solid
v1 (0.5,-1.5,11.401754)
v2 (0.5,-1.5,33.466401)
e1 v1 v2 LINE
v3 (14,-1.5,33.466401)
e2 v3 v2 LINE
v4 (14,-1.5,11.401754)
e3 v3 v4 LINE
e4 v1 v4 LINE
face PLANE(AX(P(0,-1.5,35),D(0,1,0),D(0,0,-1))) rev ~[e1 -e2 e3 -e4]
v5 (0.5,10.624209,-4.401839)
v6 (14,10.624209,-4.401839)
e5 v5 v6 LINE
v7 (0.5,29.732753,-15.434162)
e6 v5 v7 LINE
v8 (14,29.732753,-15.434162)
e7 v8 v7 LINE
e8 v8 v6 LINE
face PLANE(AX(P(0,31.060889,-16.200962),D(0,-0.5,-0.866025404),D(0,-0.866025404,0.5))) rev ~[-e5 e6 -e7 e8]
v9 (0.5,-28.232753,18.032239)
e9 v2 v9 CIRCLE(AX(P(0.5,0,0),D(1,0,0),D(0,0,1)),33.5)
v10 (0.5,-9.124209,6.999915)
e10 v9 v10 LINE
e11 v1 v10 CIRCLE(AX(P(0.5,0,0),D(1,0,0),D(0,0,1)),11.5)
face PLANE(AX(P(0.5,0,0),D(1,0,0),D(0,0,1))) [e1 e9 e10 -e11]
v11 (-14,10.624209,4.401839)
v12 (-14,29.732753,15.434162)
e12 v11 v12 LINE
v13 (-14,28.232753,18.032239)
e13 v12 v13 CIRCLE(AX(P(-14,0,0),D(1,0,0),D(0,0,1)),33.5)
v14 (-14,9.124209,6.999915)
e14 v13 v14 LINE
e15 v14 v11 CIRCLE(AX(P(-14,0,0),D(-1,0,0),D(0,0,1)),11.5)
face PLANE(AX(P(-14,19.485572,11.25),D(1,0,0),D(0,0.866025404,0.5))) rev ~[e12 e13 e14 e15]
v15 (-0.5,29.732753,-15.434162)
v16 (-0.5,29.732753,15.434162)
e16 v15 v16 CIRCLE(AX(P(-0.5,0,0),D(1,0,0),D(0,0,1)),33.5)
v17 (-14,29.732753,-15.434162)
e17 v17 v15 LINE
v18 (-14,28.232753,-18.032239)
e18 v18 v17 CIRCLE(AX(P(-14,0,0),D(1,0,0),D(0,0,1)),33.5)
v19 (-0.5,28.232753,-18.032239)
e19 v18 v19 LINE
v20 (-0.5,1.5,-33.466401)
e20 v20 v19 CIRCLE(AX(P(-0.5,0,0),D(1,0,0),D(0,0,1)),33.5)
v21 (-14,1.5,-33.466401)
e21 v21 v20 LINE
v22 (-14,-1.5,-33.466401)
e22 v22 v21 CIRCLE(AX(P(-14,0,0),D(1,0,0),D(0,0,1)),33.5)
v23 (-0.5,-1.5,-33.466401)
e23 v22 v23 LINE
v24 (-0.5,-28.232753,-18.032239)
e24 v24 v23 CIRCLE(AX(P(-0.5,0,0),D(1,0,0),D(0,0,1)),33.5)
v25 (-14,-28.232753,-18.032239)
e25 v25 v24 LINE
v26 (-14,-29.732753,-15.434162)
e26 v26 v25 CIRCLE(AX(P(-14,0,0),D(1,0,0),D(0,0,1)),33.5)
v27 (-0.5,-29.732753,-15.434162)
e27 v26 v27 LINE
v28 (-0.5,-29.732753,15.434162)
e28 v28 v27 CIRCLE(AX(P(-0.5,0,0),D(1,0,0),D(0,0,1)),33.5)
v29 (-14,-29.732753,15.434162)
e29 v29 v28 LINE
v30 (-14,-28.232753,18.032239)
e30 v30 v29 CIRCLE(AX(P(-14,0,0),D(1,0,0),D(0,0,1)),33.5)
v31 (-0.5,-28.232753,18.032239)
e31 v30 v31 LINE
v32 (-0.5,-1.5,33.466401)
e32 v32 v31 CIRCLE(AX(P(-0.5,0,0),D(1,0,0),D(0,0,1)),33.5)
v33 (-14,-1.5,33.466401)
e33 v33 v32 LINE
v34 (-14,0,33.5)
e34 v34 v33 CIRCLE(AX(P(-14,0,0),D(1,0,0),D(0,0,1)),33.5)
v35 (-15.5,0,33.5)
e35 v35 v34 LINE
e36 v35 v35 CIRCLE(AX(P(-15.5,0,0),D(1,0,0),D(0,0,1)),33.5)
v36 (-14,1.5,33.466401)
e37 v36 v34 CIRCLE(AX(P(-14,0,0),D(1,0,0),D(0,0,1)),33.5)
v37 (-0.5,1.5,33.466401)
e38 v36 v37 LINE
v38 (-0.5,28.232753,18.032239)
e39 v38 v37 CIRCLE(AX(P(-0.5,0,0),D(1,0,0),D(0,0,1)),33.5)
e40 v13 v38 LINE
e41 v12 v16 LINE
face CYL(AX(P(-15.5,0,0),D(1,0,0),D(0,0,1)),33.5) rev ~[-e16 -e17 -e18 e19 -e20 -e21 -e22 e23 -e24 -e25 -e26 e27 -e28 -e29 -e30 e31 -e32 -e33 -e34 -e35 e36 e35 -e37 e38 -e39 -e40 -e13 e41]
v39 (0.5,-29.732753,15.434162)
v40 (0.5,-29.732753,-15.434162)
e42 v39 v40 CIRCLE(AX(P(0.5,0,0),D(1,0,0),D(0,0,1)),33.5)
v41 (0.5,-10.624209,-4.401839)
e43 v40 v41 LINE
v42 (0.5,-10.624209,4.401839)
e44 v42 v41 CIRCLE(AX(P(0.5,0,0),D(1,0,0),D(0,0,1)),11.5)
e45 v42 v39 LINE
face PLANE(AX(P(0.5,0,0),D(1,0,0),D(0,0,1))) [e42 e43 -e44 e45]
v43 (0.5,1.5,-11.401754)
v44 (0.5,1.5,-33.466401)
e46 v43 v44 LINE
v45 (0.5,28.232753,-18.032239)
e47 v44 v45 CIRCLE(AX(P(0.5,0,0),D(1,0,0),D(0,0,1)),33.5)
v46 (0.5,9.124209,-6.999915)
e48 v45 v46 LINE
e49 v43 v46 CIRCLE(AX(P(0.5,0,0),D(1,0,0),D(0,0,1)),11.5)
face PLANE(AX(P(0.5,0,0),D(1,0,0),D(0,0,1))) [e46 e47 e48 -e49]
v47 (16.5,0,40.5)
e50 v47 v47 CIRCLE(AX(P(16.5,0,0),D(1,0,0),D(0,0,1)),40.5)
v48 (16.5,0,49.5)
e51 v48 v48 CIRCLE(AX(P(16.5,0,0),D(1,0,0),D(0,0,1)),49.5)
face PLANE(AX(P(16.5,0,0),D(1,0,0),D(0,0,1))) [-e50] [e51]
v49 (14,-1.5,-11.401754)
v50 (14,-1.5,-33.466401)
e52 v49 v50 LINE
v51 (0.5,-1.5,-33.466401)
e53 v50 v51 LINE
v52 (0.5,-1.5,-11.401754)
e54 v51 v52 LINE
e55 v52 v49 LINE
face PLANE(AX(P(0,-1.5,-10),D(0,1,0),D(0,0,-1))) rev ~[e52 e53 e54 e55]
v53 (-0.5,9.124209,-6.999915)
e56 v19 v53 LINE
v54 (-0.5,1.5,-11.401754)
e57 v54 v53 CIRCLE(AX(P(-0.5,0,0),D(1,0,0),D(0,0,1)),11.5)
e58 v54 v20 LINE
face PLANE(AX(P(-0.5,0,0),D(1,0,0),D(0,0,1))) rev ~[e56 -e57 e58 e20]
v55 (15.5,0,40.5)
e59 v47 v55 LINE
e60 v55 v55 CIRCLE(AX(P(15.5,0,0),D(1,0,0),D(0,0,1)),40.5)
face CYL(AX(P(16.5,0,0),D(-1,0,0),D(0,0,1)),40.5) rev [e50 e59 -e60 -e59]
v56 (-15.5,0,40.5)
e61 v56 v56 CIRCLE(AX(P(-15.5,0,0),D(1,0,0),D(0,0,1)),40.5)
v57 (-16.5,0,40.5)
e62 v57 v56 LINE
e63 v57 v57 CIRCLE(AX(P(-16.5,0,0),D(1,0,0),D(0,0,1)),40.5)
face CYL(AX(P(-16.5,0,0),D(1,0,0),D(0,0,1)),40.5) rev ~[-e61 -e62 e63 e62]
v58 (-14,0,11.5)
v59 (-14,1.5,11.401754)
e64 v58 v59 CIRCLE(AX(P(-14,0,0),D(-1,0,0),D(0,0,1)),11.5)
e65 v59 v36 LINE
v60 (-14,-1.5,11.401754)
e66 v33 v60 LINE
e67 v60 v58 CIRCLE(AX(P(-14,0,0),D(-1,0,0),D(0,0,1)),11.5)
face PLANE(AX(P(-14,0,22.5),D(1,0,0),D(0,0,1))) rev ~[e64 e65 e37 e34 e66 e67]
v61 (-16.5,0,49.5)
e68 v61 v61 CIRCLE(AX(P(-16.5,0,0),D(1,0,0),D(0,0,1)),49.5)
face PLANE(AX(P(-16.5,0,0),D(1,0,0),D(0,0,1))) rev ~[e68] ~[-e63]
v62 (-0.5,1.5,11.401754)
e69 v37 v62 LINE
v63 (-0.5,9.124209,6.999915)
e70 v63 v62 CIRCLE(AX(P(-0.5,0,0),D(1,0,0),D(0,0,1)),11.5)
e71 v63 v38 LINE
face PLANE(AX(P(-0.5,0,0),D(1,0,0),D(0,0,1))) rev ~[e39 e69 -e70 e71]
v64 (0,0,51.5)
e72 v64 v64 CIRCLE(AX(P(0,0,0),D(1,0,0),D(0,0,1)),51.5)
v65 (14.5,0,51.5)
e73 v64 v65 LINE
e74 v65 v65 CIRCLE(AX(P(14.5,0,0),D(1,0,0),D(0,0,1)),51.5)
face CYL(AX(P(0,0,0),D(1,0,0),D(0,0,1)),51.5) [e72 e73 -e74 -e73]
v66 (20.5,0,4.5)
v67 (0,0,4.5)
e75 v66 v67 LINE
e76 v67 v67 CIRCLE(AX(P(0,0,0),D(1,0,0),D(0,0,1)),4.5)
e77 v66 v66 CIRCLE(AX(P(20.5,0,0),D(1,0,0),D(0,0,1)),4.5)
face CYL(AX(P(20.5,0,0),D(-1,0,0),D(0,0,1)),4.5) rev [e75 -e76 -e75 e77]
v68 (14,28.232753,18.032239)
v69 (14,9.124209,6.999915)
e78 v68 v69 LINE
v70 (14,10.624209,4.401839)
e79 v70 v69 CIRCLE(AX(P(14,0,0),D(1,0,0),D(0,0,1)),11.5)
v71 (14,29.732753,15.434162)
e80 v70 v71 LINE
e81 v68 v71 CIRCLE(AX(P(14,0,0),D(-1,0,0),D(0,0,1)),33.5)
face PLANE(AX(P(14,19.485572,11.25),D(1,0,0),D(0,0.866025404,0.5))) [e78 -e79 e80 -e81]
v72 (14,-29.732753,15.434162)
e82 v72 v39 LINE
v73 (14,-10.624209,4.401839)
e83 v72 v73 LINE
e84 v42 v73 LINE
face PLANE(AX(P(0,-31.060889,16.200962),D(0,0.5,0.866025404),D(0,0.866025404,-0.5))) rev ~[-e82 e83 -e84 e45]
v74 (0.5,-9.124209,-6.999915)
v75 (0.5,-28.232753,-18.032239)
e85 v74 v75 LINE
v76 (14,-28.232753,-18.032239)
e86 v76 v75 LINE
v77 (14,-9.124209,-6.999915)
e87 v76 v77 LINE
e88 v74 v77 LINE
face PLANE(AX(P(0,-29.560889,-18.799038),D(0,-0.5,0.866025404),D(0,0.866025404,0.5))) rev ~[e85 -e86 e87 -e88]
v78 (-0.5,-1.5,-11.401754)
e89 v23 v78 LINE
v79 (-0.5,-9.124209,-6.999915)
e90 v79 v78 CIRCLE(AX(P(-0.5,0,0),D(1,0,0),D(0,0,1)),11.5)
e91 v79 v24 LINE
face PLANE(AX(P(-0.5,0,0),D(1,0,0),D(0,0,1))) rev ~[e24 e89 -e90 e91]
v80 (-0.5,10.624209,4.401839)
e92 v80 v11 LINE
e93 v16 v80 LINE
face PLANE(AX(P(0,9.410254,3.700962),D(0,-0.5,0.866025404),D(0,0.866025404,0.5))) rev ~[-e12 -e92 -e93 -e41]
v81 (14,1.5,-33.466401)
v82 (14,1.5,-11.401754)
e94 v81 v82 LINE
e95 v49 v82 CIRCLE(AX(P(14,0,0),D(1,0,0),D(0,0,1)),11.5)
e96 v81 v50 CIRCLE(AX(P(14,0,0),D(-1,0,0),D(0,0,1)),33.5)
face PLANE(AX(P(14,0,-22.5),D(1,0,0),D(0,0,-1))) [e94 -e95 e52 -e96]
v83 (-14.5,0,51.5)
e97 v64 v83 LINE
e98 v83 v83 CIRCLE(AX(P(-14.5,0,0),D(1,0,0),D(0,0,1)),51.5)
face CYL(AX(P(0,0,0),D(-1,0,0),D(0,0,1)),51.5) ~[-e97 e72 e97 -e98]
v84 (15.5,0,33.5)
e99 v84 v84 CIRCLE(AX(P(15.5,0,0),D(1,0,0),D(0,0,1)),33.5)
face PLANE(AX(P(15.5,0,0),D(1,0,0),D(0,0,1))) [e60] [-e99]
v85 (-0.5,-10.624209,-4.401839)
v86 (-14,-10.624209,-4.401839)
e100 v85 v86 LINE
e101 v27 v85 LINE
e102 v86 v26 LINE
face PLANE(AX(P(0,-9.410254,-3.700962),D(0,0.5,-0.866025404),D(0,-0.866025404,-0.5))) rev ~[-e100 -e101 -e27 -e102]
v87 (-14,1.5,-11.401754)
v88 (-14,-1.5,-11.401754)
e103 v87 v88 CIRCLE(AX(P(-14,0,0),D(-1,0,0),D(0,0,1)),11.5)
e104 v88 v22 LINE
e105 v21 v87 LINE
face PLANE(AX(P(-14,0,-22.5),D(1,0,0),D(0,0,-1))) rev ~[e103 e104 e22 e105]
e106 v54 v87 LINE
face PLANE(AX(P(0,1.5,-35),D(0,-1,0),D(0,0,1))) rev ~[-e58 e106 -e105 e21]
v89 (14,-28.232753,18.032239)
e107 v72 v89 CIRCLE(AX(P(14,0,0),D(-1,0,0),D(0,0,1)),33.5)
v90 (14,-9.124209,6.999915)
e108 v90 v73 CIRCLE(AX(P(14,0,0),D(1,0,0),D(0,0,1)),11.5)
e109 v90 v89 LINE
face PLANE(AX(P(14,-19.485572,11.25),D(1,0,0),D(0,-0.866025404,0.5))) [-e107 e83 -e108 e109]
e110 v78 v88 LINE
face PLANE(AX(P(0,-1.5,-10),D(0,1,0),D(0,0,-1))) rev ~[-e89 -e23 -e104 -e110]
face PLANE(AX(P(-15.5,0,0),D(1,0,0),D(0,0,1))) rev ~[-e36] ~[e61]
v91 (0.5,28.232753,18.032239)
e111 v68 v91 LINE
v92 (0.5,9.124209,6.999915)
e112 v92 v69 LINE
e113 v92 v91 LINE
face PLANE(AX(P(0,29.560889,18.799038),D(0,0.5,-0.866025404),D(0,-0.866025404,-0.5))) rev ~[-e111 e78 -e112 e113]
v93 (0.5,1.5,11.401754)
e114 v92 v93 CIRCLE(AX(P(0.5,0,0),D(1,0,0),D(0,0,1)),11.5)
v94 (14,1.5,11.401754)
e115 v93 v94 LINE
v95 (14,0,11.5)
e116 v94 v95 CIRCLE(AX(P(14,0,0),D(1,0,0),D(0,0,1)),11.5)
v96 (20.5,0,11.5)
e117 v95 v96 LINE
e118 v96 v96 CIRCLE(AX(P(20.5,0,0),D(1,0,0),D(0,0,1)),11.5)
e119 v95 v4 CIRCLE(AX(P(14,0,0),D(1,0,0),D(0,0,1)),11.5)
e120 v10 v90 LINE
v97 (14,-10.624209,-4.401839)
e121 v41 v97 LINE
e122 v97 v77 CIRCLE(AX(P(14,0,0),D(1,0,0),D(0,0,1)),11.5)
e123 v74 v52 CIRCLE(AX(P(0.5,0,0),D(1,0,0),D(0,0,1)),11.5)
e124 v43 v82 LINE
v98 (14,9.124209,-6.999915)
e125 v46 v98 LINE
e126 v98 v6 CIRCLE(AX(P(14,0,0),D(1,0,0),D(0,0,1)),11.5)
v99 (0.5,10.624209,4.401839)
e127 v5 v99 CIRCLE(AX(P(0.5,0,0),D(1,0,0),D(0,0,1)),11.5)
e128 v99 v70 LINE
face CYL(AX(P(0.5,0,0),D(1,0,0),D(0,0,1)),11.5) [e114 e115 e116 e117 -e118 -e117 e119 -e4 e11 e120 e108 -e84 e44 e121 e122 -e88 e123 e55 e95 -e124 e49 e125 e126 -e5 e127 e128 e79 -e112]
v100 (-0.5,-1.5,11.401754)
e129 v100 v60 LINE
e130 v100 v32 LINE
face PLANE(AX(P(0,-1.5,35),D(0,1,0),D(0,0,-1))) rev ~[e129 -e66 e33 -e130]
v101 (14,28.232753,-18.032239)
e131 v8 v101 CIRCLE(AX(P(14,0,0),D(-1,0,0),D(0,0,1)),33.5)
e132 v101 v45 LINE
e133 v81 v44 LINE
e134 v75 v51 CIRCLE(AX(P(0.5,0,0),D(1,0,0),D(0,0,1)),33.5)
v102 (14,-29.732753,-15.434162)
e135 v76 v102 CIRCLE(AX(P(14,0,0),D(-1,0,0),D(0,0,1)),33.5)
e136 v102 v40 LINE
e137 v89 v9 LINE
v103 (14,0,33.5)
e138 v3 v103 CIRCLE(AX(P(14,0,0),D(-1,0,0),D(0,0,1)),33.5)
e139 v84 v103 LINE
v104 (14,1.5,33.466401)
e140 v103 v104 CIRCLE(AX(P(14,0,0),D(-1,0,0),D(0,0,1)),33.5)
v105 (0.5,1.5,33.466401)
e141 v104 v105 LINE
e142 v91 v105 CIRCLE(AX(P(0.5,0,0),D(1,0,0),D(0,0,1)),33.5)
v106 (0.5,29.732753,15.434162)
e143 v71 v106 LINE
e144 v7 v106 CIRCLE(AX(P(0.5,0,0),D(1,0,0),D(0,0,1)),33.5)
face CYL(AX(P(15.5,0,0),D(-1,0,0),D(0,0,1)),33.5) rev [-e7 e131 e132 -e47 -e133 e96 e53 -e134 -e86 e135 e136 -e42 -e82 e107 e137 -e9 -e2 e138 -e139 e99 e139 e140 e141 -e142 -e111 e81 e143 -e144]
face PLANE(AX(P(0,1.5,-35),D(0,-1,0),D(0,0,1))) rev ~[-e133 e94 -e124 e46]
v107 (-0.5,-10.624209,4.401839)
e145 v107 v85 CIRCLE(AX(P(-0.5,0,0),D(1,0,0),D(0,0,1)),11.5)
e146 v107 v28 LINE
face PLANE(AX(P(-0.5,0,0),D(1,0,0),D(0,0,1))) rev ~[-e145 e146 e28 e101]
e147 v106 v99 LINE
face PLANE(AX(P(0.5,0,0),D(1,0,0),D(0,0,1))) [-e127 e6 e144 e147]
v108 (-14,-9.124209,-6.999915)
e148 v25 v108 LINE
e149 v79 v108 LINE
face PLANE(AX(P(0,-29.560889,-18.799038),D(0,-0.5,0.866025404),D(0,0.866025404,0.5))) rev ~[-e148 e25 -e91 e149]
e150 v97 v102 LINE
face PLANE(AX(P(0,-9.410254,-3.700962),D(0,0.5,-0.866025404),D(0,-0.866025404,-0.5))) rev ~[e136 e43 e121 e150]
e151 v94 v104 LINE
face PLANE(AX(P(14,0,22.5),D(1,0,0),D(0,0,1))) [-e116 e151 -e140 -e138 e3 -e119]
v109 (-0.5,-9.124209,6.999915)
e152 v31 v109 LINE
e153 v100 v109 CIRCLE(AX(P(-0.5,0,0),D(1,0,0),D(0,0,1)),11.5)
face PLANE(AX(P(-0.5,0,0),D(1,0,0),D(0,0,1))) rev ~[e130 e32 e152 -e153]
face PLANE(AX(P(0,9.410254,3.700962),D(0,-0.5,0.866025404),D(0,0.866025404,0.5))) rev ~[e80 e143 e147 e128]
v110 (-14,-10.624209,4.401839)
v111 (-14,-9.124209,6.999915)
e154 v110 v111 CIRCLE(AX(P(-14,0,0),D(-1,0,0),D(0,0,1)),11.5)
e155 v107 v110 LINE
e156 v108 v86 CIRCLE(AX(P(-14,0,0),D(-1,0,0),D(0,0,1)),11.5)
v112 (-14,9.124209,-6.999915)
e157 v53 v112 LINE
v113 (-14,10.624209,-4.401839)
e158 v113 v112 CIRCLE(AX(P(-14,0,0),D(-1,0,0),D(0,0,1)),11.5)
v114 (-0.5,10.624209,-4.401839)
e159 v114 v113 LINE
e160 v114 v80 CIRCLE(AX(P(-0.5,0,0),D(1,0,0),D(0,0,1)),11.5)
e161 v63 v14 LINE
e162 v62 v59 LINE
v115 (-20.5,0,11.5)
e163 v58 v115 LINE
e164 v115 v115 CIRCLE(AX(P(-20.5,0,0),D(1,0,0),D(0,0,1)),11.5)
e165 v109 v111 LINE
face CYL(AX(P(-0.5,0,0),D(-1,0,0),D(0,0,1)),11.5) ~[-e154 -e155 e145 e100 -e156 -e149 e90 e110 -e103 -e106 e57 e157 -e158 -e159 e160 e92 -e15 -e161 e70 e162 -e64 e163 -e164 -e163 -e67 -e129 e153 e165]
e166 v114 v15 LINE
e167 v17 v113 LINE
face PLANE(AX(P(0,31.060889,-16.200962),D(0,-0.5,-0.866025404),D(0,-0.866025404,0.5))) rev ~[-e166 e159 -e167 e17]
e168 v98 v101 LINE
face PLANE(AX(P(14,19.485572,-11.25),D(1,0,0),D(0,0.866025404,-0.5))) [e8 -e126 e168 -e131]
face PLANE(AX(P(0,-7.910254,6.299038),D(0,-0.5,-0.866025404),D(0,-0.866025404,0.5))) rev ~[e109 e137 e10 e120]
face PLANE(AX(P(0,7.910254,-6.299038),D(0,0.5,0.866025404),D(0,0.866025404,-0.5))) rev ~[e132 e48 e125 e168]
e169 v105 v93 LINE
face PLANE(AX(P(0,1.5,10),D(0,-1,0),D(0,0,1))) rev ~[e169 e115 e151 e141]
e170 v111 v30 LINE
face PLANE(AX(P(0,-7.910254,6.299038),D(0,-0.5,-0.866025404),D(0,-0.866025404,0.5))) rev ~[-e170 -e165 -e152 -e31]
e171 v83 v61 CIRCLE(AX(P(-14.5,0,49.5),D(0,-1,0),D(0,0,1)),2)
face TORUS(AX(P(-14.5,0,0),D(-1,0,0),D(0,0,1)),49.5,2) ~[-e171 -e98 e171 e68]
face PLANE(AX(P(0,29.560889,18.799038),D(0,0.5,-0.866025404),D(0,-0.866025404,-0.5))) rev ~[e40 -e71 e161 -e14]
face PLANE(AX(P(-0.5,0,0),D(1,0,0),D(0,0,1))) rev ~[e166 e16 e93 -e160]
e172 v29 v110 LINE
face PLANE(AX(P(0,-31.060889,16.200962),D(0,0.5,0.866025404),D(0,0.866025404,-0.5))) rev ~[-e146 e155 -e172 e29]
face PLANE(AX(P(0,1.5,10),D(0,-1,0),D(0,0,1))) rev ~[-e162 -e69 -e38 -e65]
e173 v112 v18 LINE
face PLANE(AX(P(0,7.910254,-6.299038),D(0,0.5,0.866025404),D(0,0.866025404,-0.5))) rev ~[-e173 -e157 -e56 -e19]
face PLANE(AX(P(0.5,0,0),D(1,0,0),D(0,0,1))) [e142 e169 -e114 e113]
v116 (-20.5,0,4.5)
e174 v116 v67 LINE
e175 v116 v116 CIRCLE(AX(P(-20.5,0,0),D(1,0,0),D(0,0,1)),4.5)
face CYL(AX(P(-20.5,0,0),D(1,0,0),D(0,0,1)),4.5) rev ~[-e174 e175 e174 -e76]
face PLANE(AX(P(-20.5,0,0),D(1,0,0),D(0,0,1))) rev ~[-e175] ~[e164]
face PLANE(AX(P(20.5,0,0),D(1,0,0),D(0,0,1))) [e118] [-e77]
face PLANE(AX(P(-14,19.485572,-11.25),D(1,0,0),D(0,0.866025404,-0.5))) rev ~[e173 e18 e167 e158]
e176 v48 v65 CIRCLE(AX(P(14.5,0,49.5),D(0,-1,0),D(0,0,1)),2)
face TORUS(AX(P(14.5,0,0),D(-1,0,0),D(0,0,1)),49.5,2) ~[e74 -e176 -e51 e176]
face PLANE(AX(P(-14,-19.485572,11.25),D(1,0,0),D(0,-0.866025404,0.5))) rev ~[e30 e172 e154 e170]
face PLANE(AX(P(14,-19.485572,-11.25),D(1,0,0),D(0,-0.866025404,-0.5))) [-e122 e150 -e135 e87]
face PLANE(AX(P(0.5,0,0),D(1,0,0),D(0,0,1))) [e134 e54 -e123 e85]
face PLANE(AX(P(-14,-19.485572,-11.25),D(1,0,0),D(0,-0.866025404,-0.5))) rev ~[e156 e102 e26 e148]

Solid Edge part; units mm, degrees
sketch "Sketch1" plane through (0, 0, 0) normal (0, -1, 0) x (1, 0, 0)
  line L0 (15.5, 40.5) -> (15.5, 33.5)
  line L1 (15.5, 33.5) -> (0.5, 33.5)
  line L2 (0.5, 33.5) -> (0.5, 11.5)
  line L3 (0.5, 11.5) -> (20.5, 11.5)
  line L4 (20.5, 11.5) -> (20.5, 4.5)
  line L5 (20.5, 4.5) -> (0, 4.5)
  line L6 (-20.5, 4.5) -> (0, 4.5)
  line L7 (-20.5, 11.5) -> (-20.5, 4.5)
  line L8 (-0.5, 11.5) -> (-20.5, 11.5)
  line L9 (-0.5, 33.5) -> (-0.5, 11.5)
  line L10 (-15.5, 33.5) -> (-0.5, 33.5)
  line L11 (-15.5, 40.5) -> (-15.5, 33.5)
  line L12 (-16.5, 40.5) -> (-15.5, 40.5)
  line L13 (-16.5, 51.5) -> (-16.5, 40.5)
  line L14 (0, 51.5) -> (-16.5, 51.5)
  line L15 (0, 51.5) -> (16.5, 51.5)
  line L16 (16.5, 51.5) -> (16.5, 40.5)
  line L17 (16.5, 40.5) -> (15.5, 40.5)
revolve "RevolvedProtrusion1" add sketch "Sketch1" angle 360 about axis through (0, 0, 0) along (1, 0, 0)
sketch "Sketch2" plane through (0, 0, 0) normal (1, 0, 0) x (0, 1, 0)
  line L0 (1.5, 10) -> (1.5, 35)
  line L1 (1.5, 35) -> (-1.5, 35)
  line L2 (-1.5, 35) -> (-1.5, 10)
  line L3 (-1.5, 10) -> (1.5, 10)
extrude "Protrusion1" add sketch "Sketch2" along normal mid plane 28
pattern_circular "Pattern1" count 6 over 360 about axis through (15.5, 0, 0) along (-1, 0, 0) of "Protrusion1"
fillet "arredondado_borracha" radius 2 2 edges at (16.5, 0, -51.5) (-16.5, 0, -51.5)
